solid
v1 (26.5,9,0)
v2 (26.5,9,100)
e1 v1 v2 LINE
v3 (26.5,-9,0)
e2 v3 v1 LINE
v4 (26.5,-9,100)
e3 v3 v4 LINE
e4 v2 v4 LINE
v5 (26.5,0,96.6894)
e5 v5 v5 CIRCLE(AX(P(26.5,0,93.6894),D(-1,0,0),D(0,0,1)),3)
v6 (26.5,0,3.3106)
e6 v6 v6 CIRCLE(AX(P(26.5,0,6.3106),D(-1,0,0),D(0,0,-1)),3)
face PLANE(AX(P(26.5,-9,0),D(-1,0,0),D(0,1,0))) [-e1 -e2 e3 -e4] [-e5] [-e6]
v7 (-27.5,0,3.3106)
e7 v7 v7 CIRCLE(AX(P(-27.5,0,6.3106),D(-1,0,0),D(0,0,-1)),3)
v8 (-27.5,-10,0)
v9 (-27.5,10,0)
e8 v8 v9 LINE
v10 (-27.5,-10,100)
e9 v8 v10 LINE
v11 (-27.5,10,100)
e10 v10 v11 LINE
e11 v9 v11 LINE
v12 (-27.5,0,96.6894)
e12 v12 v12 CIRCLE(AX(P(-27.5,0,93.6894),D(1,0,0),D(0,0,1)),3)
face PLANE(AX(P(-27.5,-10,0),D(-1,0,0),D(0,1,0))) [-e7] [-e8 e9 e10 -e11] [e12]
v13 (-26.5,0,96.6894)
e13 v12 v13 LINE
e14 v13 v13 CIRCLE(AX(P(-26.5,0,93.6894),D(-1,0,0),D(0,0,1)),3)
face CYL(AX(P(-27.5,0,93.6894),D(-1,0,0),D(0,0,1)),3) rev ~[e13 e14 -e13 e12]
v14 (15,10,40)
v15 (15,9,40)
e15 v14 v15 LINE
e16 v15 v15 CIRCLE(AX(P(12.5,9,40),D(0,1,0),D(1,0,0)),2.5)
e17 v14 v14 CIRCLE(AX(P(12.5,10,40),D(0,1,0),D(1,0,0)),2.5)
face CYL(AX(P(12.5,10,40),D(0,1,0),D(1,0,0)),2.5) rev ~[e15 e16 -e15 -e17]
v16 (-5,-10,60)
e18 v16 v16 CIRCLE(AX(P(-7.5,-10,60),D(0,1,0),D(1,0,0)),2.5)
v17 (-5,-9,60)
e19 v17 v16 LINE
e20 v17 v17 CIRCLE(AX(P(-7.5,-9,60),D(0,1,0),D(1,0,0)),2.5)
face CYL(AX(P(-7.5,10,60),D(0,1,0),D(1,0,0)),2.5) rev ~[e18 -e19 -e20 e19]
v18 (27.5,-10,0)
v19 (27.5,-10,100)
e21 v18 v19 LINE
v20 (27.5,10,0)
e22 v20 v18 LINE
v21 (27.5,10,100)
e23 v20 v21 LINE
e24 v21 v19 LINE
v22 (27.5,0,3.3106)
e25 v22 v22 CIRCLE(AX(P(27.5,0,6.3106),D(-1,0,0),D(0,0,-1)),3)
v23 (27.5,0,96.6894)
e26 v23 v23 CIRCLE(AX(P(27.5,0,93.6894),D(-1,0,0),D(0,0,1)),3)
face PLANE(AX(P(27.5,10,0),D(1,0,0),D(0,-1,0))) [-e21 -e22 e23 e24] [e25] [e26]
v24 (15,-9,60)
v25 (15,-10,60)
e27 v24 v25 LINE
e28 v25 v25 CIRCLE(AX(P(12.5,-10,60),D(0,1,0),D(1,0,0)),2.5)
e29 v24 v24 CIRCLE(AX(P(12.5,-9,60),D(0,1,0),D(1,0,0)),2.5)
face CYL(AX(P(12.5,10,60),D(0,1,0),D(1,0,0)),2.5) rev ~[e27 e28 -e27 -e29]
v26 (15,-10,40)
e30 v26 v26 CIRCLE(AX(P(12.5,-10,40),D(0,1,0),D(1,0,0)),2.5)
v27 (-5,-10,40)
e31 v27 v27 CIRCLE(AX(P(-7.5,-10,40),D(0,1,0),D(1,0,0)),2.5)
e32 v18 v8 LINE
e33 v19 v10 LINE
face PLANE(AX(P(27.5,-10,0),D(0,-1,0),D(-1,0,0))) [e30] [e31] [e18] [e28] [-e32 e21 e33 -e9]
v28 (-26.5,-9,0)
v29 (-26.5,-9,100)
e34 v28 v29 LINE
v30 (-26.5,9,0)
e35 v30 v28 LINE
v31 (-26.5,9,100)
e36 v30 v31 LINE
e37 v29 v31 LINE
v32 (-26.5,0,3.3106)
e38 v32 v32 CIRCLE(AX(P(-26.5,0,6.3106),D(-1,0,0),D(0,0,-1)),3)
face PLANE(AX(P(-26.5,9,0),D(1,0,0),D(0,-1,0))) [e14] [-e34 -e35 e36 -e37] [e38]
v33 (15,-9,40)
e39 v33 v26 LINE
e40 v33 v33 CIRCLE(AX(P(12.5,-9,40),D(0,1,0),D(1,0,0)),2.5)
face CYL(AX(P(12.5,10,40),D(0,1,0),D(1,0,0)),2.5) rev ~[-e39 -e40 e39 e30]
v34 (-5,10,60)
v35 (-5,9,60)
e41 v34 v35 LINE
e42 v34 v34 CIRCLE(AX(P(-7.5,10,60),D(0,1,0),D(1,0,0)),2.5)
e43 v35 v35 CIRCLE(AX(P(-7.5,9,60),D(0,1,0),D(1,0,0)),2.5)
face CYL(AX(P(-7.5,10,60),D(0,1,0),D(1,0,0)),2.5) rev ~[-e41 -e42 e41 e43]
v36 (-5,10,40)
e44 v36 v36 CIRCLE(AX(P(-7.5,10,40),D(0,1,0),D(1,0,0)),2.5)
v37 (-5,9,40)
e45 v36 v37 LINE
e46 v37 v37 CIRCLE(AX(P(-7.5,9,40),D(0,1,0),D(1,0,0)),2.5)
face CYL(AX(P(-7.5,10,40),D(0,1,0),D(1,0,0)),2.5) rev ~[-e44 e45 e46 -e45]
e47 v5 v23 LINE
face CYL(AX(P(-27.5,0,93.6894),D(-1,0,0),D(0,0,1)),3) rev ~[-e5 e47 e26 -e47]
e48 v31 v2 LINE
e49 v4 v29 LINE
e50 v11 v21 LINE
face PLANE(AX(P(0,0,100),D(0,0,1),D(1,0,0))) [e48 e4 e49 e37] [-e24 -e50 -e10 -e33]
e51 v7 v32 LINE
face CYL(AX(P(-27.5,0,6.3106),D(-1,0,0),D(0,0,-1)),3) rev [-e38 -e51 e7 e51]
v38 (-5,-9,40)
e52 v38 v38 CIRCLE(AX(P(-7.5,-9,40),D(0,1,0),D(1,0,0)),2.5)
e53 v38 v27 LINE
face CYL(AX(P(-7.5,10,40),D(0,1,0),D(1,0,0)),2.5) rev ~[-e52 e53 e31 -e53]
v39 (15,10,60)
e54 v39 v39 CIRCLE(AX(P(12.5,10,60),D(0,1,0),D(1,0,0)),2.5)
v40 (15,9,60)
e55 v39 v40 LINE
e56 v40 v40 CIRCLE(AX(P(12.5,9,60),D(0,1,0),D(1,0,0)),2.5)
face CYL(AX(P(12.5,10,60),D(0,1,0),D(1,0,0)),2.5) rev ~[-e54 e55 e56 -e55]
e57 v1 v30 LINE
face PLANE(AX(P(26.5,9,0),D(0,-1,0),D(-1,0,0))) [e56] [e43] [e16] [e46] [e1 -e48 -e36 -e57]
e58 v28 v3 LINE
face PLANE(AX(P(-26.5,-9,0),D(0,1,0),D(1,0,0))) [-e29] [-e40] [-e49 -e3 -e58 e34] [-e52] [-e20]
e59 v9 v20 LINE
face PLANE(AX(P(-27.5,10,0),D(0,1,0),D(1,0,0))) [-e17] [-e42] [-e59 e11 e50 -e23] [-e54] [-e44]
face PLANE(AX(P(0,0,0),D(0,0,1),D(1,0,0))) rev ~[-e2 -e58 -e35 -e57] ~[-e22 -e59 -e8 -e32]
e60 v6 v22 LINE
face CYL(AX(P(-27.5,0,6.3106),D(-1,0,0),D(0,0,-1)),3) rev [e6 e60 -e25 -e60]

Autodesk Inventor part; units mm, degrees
ref_plane "YZ Plane" through (0, 0, 0) normal (1, 0, 0) x (0, 1, 0)
ref_plane "XZ Plane" through (0, 0, 0) normal (0, 1, 0) x (-1, 0, 0)
sketch "草图1" plane through (0, 0, 0) normal (0, 0, 1) x (1, 0, 0)
  line L0 (27.5, -10) -> (-27.5, -10)
  line L1 (-27.5, -10) -> (-27.5, 10)
  line L2 (-27.5, 10) -> (27.5, 10)
  line L3 (27.5, 10) -> (27.5, -10)
  line L4 (27.5, -10) -> (-27.5, 10) construction
  line L5 (-27.5, -10) -> (27.5, 10) construction
  point P0 (0, 0)
  dimension "d0" = 55
  dimension "d1" = 20
extrude "拉伸1" add sketch "草图1" along normal blind 100
sketch "草图2" plane through (0, 0, 0) normal (0, 0, -1) x (-1, 0, 0)
  line L0 (-27.5, 10) -> (27.5, 10) projected
  line L1 (-27.5, -10) -> (-27.5, 10) projected
  line L2 (27.5, -10) -> (-27.5, -10) projected
  line L3 (27.5, 10) -> (27.5, -10) projected
  line L4 (26.5, -9) -> (-26.5, -9)
  line L5 (-26.5, -9) -> (-26.5, 9)
  line L6 (-26.5, 9) -> (26.5, 9)
  line L7 (26.5, 9) -> (26.5, -9)
  point P0 (0, 0)
  dimension "d4" = 1
extrude "拉伸2" cut sketch "草图2" against normal blind 109.25 contours L4 L5 L6 L7
sketch "草图3" plane through (-27.5, -10, 0) normal (-1, 0, 0) x (0, 0, 1)
  line L0 (100, 19) -> (100, 1) projected
  line L1 (100, 10) -> (53.3489, 10)
  circle A0 centre (93.6894, 10) radius 3
  point P0 (0, 10)
  dimension "d7" = 6
extrude "拉伸3" cut sketch "草图3" against normal blind 109.25
ref_plane "工作平面1" through (0, 0, 50) normal (0, 0, -1) x (-1, 0, 0)
mirror "镜像1" about plane through (0, 0, 50) normal (0, 0, -1) of "拉伸3"
sketch "草图4" plane through (-27.5, 10, 0) normal (0, 1, 0) x (1, 0, 0)
  line L0 (54, 0) -> (54, -100) projected
  line L1 (55, 0) -> (55, -100) projected
  circle A0 centre (232, -40) radius 2.5 projected
  circle A1 centre (40, -60) radius 2.5 projected
  circle A2 centre (212, -40) radius 2.5 projected
  circle A3 centre (212, -60) radius 2.5 projected
  circle A4 centre (20, -40) radius 2.5 projected
  circle A5 centre (20, -60) radius 2.5 projected
  circle A6 centre (232, -60) radius 2.5 projected
  circle A7 centre (40, -40) radius 2.5 projected
  line L2 (61, -70) -> (61, -150) projected
  line L3 (61, -150) -> (191, -150) projected
  line L4 (191, -150) -> (191, -70) projected
  line L5 (191, -70) -> (246, -70) projected
  line L6 (246, -70) -> (246, -30) projected
  line L7 (246, -30) -> (191, -30) projected
  line L8 (191, -30) -> (191, 50) projected
  line L9 (191, 50) -> (61, 50) projected
  line L10 (61, 50) -> (61, -30) projected
  line L11 (61, -30) -> (6, -30) projected
  line L12 (6, -30) -> (6, -70) projected
  line L13 (6, -70) -> (61, -70) projected
  point P0 (27.5, 0)
extrude "拉伸4" cut sketch "草图4" against normal blind 42.75 contours A1 | A4 | A5 | A7
properties part number "铝方管"
